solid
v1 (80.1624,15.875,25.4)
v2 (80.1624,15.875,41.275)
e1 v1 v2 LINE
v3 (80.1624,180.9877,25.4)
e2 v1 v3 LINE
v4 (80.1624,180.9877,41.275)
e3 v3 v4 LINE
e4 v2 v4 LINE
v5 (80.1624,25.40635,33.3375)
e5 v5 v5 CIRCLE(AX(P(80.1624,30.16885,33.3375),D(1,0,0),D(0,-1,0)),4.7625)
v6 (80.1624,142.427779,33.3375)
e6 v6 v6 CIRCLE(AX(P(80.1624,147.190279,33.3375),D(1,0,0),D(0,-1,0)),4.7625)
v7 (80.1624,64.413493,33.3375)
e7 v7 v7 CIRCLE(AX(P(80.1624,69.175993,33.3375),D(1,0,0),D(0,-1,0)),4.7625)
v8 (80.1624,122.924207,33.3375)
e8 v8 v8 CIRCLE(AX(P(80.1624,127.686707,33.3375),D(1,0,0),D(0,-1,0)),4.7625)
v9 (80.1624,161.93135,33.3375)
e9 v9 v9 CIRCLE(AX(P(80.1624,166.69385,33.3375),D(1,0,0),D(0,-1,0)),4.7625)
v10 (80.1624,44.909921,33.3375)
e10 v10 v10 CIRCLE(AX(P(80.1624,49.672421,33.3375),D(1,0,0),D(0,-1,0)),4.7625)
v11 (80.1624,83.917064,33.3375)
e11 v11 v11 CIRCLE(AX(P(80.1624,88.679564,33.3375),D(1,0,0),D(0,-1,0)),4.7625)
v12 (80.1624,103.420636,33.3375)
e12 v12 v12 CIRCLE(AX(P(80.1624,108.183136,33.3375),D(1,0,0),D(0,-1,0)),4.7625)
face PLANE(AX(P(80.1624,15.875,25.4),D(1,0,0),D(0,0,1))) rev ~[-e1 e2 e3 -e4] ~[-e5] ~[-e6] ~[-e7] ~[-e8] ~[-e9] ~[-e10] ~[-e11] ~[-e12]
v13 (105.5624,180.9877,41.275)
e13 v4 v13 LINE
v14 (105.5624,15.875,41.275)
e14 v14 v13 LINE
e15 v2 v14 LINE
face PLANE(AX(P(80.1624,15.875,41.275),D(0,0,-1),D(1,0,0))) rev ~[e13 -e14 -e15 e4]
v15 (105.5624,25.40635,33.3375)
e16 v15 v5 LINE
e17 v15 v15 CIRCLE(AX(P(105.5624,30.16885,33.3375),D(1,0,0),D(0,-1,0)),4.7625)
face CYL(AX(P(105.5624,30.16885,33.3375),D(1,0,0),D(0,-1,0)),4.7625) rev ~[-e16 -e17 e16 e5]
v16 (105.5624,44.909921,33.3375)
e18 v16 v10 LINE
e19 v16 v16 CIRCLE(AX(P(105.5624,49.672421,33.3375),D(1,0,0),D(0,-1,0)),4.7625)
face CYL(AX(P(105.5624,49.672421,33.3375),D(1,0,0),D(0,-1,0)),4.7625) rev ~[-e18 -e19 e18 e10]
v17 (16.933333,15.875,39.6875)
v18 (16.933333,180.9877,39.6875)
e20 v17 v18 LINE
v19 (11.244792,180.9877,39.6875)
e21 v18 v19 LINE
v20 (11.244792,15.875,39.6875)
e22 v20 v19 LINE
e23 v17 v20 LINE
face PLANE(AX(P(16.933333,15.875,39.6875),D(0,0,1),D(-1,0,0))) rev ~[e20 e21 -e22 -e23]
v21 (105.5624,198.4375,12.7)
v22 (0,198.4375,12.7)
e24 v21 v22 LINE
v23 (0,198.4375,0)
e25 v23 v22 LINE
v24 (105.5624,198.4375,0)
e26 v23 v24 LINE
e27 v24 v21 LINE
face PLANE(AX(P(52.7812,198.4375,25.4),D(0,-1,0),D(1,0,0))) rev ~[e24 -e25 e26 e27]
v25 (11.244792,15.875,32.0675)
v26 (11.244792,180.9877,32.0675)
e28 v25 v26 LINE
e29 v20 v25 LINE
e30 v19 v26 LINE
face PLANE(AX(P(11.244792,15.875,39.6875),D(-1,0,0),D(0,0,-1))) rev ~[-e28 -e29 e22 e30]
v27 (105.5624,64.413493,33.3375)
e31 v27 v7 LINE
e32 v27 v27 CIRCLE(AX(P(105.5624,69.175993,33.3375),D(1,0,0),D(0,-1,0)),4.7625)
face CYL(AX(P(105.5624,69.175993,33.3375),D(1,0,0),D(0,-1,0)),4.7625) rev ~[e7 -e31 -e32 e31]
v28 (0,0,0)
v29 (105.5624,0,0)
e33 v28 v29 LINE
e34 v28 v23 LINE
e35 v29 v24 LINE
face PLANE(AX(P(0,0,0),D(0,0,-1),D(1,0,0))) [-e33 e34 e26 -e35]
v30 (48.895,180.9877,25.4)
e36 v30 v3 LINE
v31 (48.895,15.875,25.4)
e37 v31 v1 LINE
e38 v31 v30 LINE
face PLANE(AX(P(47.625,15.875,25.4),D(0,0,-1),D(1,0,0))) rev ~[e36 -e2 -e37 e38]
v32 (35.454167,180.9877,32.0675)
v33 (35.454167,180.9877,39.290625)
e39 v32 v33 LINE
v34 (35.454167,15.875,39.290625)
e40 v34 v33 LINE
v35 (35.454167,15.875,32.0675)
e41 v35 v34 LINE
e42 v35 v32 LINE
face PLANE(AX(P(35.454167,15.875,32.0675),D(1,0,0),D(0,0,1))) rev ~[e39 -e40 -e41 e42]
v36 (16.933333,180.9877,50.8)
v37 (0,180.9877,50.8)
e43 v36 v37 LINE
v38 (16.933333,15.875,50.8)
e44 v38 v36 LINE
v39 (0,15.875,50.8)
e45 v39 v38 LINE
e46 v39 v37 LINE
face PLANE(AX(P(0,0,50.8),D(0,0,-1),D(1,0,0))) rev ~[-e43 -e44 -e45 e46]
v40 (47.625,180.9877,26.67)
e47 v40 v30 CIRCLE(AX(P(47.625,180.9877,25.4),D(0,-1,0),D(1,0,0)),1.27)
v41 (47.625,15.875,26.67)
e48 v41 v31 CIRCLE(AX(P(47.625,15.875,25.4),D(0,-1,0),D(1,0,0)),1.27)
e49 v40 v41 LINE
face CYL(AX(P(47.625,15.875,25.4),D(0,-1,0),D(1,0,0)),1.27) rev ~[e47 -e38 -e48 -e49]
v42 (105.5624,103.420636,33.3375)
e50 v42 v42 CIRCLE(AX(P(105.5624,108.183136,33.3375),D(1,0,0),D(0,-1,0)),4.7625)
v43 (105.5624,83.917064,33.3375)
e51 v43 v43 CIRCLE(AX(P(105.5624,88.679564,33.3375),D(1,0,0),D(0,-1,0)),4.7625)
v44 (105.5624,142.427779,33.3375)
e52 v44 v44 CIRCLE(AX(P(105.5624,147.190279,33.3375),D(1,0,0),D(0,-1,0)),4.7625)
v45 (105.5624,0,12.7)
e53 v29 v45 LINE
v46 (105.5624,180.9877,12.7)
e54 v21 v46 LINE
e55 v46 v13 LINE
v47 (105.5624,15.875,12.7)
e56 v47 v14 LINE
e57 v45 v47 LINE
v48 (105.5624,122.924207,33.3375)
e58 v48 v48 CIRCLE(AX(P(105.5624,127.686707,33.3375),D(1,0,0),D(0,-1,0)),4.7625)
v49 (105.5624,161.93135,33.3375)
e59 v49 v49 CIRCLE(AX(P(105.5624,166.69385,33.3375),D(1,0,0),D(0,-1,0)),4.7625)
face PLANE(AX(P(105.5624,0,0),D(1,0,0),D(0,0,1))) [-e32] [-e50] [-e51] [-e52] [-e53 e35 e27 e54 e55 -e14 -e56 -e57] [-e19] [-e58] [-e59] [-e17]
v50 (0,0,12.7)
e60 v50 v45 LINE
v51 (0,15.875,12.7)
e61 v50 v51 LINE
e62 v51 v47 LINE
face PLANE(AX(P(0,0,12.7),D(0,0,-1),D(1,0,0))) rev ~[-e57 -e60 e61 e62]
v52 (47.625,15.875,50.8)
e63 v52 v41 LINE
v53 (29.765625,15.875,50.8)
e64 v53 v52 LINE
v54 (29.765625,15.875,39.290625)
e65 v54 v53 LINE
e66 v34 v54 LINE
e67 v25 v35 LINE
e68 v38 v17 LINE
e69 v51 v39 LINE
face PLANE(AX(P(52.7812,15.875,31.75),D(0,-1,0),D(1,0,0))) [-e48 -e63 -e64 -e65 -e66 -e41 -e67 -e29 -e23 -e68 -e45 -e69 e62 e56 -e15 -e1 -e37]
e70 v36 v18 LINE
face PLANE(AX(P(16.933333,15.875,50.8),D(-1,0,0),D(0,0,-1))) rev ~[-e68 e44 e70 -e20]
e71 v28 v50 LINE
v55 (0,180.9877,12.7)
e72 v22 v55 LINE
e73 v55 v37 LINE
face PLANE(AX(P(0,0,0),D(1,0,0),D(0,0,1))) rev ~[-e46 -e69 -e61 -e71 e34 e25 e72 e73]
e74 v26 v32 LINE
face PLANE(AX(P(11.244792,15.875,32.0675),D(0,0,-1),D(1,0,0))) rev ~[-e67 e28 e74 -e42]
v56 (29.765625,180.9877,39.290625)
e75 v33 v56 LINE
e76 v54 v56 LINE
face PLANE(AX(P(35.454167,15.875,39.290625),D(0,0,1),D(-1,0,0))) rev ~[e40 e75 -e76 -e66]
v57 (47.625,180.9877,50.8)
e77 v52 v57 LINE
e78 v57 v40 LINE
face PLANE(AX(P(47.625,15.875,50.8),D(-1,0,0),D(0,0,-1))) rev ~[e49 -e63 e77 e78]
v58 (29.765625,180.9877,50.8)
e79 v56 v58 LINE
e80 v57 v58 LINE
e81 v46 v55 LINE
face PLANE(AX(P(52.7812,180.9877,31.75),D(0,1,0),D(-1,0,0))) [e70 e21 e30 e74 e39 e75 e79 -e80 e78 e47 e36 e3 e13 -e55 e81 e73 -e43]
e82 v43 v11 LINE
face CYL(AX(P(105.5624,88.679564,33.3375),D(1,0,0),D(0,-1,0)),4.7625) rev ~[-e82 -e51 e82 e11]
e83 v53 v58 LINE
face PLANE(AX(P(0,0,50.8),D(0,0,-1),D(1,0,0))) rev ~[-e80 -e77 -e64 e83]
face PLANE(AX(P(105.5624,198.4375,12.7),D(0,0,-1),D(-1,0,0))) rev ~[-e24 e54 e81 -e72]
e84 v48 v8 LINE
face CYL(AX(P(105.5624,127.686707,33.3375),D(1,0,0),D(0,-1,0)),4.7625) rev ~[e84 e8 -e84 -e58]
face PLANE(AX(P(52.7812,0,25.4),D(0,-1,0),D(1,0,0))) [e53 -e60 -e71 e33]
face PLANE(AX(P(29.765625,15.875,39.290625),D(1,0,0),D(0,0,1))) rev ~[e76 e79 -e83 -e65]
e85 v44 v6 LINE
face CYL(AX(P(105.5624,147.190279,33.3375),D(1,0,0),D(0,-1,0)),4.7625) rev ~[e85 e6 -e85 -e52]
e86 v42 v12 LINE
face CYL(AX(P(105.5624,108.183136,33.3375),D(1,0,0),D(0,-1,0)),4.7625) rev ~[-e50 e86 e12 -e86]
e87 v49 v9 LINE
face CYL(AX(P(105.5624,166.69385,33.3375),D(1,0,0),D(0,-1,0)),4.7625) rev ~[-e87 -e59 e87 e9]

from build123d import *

# Parameters (mm, degrees)
F0_W      = 105.5624
F0_H      = 50.8
F1_DEPTH  = 198.4375
F2_W      = 105.5624
F2_H      = 38.1
F3_DEPTH  = 15.875
F5_DEPTH  = 182.5635
F6_W      = 105.5624
F6_H      = 38.1
F7_DEPTH  = 17.4498
F9_DEPTH  = 25.4
F10_R     = 1.27
F11_DEPTH = 182.5635


with BuildPart() as f1:
    # F0 (on Front) → F1 (new body)
    with BuildSketch(Plane.XZ):
        with Locations((52.7812, 25.4)):
            Rectangle(F0_W, F0_H)
    extrude(amount=-F1_DEPTH)

    # F2 (on face) → F3 (cut)
    with BuildSketch(Plane.XZ):
        with Locations((52.7812, 31.75)):
            Rectangle(F2_W, F2_H)
    extrude(amount=-F3_DEPTH, mode=Mode.SUBTRACT)

    # F4 (on face) → F5 (cut, through all)
    with BuildSketch(Plane.XZ.offset(-15.875)):
        Polygon((29.765625, 50.8), (16.933333, 50.8), (16.933333, 39.6875), (11.244792, 39.6875), (11.244792, 32.0675), (35.454167, 32.0675), (35.454167, 39.290625), (29.765625, 39.290625), align=None)
        Polygon((105.5624, 50.8), (47.625, 50.8), (47.625, 25.4), (80.1624, 25.4), (80.1624, 41.275), (105.5624, 41.275), align=None)
    extrude(amount=-F5_DEPTH, mode=Mode.SUBTRACT)

    # F6 (on face) → F7 (cut)
    with BuildSketch(Plane(origin=(0, 198.4375, 0), x_dir=(-1, 0, 0), z_dir=(0, 1, 0))):
        with Locations((-52.7812, 31.75)):
            Rectangle(F6_W, F6_H)
    extrude(amount=-F7_DEPTH, mode=Mode.SUBTRACT)

    # F8 (on face) → F9 (cut, through all)
    with BuildSketch(Plane.YZ.offset(105.5624)):
        with BuildLine():
            Line((30.16885, 33.3375), (34.93135, 33.3375))
            ThreePointArc((34.93135, 33.3375), (30.16885, 38.1), (25.40635, 33.3375))
            Line((25.40635, 33.3375), (30.16885, 33.3375))
        make_face()
        with BuildLine():
            ThreePointArc((25.40635, 33.3375), (30.16885, 28.575), (34.93135, 33.3375))
            Line((34.93135, 33.3375), (30.16885, 33.3375))
            Line((30.16885, 33.3375), (25.40635, 33.3375))
        make_face()
        with BuildLine():
            ThreePointArc((171.45635, 33.3375), (166.69385, 38.1), (161.93135, 33.3375))
            Line((161.93135, 33.3375), (166.69385, 33.3375))
            Line((166.69385, 33.3375), (171.45635, 33.3375))
        make_face()
        with BuildLine():
            Line((166.69385, 33.3375), (161.93135, 33.3375))
            ThreePointArc((161.93135, 33.3375), (166.69385, 28.575), (171.45635, 33.3375))
            Line((171.45635, 33.3375), (166.69385, 33.3375))
        make_face()
        with BuildLine():
            ThreePointArc((151.952779, 33.3375), (147.190279, 38.1), (142.427779, 33.3375))
            Line((142.427779, 33.3375), (147.190279, 33.3375))
            Line((147.190279, 33.3375), (151.952779, 33.3375))
        make_face()
        with BuildLine():
            Line((147.190279, 33.3375), (142.427779, 33.3375))
            ThreePointArc((142.427779, 33.3375), (147.190279, 28.575), (151.952779, 33.3375))
            Line((151.952779, 33.3375), (147.190279, 33.3375))
        make_face()
        with BuildLine():
            ThreePointArc((132.449207, 33.3375), (127.686707, 38.1), (122.924207, 33.3375))
            Line((122.924207, 33.3375), (127.686707, 33.3375))
            Line((127.686707, 33.3375), (132.449207, 33.3375))
        make_face()
        with BuildLine():
            Line((127.686707, 33.3375), (122.924207, 33.3375))
            ThreePointArc((122.924207, 33.3375), (127.686707, 28.575), (132.449207, 33.3375))
            Line((132.449207, 33.3375), (127.686707, 33.3375))
        make_face()
        with BuildLine():
            ThreePointArc((112.945636, 33.3375), (108.183136, 38.1), (103.420636, 33.3375))
            Line((103.420636, 33.3375), (108.183136, 33.3375))
            Line((108.183136, 33.3375), (112.945636, 33.3375))
        make_face()
        with BuildLine():
            Line((108.183136, 33.3375), (103.420636, 33.3375))
            ThreePointArc((103.420636, 33.3375), (108.183136, 28.575), (112.945636, 33.3375))
            Line((112.945636, 33.3375), (108.183136, 33.3375))
        make_face()
        with BuildLine():
            ThreePointArc((93.442064, 33.3375), (88.679564, 38.1), (83.917064, 33.3375))
            Line((83.917064, 33.3375), (88.679564, 33.3375))
            Line((88.679564, 33.3375), (93.442064, 33.3375))
        make_face()
        with BuildLine():
            Line((88.679564, 33.3375), (83.917064, 33.3375))
            ThreePointArc((83.917064, 33.3375), (88.679564, 28.575), (93.442064, 33.3375))
            Line((93.442064, 33.3375), (88.679564, 33.3375))
        make_face()
        with BuildLine():
            ThreePointArc((73.938493, 33.3375), (69.175993, 38.1), (64.413493, 33.3375))
            Line((64.413493, 33.3375), (69.175993, 33.3375))
            Line((69.175993, 33.3375), (73.938493, 33.3375))
        make_face()
        with BuildLine():
            Line((69.175993, 33.3375), (64.413493, 33.3375))
            ThreePointArc((64.413493, 33.3375), (69.175993, 28.575), (73.938493, 33.3375))
            Line((73.938493, 33.3375), (69.175993, 33.3375))
        make_face()
        with BuildLine():
            ThreePointArc((54.434921, 33.3375), (49.672421, 38.1), (44.909921, 33.3375))
            Line((44.909921, 33.3375), (49.672421, 33.3375))
            Line((49.672421, 33.3375), (54.434921, 33.3375))
        make_face()
        with BuildLine():
            Line((49.672421, 33.3375), (44.909921, 33.3375))
            ThreePointArc((44.909921, 33.3375), (49.672421, 28.575), (54.434921, 33.3375))
            Line((54.434921, 33.3375), (49.672421, 33.3375))
        make_face()
    extrude(amount=-F9_DEPTH, mode=Mode.SUBTRACT)

    # F10 (on face) → F11 (cut, through all)
    with BuildSketch(Plane.XZ.offset(-15.875)):
        with Locations((47.625, 25.4)):
            Circle(F10_R)
    extrude(amount=-F11_DEPTH, mode=Mode.SUBTRACT)


solid = f1.part
